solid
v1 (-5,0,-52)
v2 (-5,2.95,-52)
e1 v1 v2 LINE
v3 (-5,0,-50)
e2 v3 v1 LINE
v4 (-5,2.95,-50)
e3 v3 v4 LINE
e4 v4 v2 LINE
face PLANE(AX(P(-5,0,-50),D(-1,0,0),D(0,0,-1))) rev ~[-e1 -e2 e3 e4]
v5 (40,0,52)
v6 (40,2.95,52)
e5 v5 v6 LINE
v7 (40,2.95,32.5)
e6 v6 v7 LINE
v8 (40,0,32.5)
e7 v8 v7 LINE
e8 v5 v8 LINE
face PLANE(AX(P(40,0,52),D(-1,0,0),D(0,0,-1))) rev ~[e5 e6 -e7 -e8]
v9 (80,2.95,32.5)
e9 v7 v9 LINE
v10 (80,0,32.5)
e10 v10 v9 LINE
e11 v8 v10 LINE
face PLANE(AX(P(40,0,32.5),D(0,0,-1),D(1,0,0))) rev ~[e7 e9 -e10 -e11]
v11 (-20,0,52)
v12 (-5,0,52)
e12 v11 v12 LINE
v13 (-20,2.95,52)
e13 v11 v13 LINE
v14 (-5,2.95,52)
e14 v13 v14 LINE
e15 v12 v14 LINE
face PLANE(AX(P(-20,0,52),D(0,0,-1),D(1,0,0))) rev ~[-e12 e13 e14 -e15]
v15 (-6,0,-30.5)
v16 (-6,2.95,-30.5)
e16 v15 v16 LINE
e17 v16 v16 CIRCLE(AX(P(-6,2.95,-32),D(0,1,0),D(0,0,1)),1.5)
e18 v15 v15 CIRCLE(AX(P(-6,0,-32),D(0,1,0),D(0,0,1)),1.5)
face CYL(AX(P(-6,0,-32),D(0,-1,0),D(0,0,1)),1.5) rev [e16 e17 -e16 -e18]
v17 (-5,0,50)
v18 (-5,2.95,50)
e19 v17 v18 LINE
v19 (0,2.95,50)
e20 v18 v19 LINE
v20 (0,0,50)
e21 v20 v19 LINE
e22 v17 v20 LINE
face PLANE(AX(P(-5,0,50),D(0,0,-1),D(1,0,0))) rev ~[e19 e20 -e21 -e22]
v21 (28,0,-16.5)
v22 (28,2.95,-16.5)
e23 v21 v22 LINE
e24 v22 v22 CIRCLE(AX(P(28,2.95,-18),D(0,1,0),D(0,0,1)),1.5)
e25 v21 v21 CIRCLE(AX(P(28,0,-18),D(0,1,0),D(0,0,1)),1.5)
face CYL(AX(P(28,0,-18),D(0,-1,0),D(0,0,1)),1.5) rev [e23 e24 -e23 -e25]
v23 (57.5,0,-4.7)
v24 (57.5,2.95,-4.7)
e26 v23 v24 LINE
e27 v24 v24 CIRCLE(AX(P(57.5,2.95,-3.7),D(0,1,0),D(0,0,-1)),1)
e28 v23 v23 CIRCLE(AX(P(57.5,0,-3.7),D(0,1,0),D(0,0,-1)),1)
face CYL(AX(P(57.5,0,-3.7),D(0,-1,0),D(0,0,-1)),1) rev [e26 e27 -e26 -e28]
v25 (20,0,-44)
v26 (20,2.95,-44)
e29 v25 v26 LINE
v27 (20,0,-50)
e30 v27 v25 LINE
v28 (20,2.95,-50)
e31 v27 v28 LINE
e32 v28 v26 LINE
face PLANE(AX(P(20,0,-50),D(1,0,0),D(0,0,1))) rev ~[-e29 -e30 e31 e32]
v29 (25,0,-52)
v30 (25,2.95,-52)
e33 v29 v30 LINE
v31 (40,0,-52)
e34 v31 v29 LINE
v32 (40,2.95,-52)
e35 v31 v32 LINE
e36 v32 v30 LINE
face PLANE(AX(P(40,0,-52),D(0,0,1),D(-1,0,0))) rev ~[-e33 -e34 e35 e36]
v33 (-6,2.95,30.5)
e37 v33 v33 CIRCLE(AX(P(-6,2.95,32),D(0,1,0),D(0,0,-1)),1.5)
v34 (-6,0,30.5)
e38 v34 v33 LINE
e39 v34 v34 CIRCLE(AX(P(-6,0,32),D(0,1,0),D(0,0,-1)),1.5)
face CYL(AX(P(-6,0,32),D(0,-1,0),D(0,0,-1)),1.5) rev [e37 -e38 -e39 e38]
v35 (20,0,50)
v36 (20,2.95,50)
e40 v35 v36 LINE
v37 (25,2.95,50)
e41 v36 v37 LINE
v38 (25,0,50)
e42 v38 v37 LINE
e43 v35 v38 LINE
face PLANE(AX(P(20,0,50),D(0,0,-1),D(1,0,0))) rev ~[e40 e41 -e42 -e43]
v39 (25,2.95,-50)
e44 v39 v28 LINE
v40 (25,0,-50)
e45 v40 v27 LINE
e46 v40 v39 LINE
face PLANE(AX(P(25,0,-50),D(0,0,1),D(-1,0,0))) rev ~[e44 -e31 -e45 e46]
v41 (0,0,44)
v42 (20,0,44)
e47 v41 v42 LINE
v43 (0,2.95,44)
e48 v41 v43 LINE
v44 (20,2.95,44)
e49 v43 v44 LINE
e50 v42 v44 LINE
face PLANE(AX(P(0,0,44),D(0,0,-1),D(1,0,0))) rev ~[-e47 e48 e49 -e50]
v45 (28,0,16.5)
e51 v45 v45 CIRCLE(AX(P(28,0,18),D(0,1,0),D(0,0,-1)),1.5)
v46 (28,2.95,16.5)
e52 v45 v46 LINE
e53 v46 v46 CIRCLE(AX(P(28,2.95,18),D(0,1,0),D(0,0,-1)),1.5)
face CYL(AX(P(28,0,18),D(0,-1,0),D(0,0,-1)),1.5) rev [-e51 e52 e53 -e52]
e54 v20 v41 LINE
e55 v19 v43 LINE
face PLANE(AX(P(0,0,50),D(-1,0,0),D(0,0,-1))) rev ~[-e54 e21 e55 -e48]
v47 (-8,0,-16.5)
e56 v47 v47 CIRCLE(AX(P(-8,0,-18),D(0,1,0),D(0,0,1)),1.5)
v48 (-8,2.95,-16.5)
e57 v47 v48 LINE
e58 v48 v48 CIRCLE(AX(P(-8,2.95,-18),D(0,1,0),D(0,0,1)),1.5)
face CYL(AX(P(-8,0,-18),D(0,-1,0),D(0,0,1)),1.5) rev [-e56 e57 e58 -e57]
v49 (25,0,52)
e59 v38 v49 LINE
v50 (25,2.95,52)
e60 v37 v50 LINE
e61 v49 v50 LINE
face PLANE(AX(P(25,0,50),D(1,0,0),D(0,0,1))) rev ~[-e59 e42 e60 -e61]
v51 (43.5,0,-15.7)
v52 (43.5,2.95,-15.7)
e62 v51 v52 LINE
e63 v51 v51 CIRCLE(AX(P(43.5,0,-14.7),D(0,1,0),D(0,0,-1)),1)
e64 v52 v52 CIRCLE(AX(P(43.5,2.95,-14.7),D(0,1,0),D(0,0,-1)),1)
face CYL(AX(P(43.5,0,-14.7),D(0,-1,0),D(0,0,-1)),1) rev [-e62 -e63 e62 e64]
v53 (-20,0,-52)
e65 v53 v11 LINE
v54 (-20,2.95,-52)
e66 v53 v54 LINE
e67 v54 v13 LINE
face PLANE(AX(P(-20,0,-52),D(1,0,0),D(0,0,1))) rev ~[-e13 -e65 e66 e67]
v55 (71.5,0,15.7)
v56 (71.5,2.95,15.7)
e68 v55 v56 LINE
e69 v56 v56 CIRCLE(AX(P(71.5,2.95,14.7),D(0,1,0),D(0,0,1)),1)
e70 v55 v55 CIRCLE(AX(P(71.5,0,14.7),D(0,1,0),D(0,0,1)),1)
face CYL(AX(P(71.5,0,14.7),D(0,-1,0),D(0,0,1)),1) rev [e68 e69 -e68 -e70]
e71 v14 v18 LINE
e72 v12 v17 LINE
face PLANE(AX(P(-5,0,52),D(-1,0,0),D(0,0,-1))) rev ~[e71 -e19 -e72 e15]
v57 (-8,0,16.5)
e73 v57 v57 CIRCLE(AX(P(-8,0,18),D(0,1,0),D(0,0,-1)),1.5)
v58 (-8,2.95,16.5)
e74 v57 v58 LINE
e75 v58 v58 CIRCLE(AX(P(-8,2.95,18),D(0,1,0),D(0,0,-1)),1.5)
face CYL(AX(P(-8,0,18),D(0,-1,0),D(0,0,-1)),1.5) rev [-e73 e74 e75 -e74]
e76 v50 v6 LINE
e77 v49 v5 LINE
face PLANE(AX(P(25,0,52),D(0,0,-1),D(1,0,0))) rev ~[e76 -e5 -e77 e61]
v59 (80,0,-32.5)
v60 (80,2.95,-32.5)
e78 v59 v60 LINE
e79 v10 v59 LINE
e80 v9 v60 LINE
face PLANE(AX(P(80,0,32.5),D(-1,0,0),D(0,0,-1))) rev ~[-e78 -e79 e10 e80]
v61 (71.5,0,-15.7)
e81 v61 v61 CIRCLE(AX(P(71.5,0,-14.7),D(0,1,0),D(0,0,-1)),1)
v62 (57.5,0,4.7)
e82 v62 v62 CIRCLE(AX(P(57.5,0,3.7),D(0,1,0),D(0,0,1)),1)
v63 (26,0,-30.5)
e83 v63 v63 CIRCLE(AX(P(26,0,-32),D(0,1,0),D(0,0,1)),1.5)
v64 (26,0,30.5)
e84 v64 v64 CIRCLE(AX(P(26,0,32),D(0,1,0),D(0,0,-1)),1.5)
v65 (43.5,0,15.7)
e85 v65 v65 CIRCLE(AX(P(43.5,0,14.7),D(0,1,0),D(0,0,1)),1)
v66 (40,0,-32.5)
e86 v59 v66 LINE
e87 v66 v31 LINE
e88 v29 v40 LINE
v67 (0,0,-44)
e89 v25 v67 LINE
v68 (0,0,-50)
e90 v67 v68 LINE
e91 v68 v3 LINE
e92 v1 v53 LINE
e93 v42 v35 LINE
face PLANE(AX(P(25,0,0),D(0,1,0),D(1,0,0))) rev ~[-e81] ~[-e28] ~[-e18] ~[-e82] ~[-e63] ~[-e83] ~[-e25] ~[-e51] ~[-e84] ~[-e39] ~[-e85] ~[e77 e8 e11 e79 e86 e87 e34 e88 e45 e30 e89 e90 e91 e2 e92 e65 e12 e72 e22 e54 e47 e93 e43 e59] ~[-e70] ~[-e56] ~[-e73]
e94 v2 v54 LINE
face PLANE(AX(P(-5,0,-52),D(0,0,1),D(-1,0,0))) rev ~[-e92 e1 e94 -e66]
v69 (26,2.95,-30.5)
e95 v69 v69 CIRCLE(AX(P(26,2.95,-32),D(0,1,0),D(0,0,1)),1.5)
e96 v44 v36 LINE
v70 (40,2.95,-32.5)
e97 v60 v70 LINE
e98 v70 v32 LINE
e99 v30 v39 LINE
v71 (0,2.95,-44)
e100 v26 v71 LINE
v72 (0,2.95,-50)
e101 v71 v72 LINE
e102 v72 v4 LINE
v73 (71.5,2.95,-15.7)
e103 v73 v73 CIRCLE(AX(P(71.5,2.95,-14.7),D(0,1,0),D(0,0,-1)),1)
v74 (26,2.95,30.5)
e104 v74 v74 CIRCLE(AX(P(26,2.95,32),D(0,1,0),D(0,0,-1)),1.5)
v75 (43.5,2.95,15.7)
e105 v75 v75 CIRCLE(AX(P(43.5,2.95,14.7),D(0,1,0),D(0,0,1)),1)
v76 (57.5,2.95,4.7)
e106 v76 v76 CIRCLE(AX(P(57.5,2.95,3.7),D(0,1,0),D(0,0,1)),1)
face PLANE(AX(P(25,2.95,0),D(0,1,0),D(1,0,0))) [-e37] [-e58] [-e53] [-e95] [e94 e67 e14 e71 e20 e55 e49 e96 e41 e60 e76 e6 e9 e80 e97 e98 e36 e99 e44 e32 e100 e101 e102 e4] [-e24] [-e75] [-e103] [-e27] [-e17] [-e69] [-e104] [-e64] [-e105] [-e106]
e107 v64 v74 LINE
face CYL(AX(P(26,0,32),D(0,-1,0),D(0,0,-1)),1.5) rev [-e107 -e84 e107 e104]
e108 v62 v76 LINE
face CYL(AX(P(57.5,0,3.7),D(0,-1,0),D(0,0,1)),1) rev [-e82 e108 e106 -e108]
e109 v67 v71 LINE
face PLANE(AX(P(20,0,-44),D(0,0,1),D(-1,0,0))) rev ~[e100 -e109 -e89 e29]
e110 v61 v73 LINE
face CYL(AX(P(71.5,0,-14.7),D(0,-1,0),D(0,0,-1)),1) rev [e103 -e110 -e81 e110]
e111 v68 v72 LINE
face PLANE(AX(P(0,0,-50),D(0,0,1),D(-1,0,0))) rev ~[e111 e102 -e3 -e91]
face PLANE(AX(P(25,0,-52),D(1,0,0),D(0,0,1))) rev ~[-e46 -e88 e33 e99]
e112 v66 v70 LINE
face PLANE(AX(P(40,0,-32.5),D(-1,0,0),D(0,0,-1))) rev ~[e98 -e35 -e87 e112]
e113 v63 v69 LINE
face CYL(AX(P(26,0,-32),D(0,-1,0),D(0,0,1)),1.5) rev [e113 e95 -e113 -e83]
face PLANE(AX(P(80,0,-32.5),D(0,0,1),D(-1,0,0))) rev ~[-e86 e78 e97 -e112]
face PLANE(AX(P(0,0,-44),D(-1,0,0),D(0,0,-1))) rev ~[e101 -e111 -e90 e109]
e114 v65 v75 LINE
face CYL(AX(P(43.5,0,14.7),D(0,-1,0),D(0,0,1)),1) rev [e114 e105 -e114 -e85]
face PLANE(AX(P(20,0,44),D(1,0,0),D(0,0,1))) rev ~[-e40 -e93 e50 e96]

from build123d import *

# Parameters (mm, degrees)
SKETCH_1_R      = 1
SKETCH_1_R_2    = 1.5
EXTRUDE_1_DEPTH = 2.95


with BuildPart() as part:
    # 草图1 → 凸台-拉伸1 (new body)
    with BuildSketch(Plane(origin=(0, 0, 0), x_dir=(1, 0, 0), z_dir=(0, 1, 0))):
        Polygon((25, 50), (20, 50), (20, 44), (0, 44), (0, 50), (-5, 50), (-5, 52), (-20, 52), (-20, 50), (-20, -50), (-20, -52), (-5, -52), (-5, -50), (0, -50), (0, -44), (20, -44), (20, -50), (25, -50), (25, -52), (40, -52), (40, -50), (40, -32.5), (70, -32.5), (80, -32.5), (80, -30), (80, 30), (80, 32.5), (70, 32.5), (40, 32.5), (40, 50), (40, 52), (25, 52), align=None)
        with Locations(Location((71.5, 14.7, 0), (0, 0, 90))):
            Circle(SKETCH_1_R, mode=Mode.SUBTRACT)
        with Locations(Location((43.5, 14.7, 0), (0, 0, 90))):
            Circle(SKETCH_1_R, mode=Mode.SUBTRACT)
        with Locations(Location((57.5, 3.7, 0), (0, 0, 90))):
            Circle(SKETCH_1_R, mode=Mode.SUBTRACT)
        with Locations(Location((26, 32, 0), (0, 0, 270))):
            Circle(SKETCH_1_R_2, mode=Mode.SUBTRACT)
        with Locations(Location((-6, 32, 0), (0, 0, 270))):
            Circle(SKETCH_1_R_2, mode=Mode.SUBTRACT)
        with Locations(Location((28, 18, 0), (0, 0, 270))):
            Circle(SKETCH_1_R_2, mode=Mode.SUBTRACT)
        with Locations(Location((-8, 18, 0), (0, 0, 270))):
            Circle(SKETCH_1_R_2, mode=Mode.SUBTRACT)
        with Locations(Location((-8, -18, 0), (0, 0, 90))):
            Circle(SKETCH_1_R_2, mode=Mode.SUBTRACT)
        with Locations(Location((28, -18, 0), (0, 0, 90))):
            Circle(SKETCH_1_R_2, mode=Mode.SUBTRACT)
        with Locations(Location((-6, -32, 0), (0, 0, 90))):
            Circle(SKETCH_1_R_2, mode=Mode.SUBTRACT)
        with Locations(Location((26, -32, 0), (0, 0, 90))):
            Circle(SKETCH_1_R_2, mode=Mode.SUBTRACT)
        with Locations(Location((57.5, -3.7, 0), (0, 0, 270))):
            Circle(SKETCH_1_R, mode=Mode.SUBTRACT)
        with Locations(Location((43.5, -14.7, 0), (0, 0, 270))):
            Circle(SKETCH_1_R, mode=Mode.SUBTRACT)
        with Locations(Location((71.5, -14.7, 0), (0, 0, 270))):
            Circle(SKETCH_1_R, mode=Mode.SUBTRACT)
    extrude(amount=EXTRUDE_1_DEPTH)


solid = part.part
